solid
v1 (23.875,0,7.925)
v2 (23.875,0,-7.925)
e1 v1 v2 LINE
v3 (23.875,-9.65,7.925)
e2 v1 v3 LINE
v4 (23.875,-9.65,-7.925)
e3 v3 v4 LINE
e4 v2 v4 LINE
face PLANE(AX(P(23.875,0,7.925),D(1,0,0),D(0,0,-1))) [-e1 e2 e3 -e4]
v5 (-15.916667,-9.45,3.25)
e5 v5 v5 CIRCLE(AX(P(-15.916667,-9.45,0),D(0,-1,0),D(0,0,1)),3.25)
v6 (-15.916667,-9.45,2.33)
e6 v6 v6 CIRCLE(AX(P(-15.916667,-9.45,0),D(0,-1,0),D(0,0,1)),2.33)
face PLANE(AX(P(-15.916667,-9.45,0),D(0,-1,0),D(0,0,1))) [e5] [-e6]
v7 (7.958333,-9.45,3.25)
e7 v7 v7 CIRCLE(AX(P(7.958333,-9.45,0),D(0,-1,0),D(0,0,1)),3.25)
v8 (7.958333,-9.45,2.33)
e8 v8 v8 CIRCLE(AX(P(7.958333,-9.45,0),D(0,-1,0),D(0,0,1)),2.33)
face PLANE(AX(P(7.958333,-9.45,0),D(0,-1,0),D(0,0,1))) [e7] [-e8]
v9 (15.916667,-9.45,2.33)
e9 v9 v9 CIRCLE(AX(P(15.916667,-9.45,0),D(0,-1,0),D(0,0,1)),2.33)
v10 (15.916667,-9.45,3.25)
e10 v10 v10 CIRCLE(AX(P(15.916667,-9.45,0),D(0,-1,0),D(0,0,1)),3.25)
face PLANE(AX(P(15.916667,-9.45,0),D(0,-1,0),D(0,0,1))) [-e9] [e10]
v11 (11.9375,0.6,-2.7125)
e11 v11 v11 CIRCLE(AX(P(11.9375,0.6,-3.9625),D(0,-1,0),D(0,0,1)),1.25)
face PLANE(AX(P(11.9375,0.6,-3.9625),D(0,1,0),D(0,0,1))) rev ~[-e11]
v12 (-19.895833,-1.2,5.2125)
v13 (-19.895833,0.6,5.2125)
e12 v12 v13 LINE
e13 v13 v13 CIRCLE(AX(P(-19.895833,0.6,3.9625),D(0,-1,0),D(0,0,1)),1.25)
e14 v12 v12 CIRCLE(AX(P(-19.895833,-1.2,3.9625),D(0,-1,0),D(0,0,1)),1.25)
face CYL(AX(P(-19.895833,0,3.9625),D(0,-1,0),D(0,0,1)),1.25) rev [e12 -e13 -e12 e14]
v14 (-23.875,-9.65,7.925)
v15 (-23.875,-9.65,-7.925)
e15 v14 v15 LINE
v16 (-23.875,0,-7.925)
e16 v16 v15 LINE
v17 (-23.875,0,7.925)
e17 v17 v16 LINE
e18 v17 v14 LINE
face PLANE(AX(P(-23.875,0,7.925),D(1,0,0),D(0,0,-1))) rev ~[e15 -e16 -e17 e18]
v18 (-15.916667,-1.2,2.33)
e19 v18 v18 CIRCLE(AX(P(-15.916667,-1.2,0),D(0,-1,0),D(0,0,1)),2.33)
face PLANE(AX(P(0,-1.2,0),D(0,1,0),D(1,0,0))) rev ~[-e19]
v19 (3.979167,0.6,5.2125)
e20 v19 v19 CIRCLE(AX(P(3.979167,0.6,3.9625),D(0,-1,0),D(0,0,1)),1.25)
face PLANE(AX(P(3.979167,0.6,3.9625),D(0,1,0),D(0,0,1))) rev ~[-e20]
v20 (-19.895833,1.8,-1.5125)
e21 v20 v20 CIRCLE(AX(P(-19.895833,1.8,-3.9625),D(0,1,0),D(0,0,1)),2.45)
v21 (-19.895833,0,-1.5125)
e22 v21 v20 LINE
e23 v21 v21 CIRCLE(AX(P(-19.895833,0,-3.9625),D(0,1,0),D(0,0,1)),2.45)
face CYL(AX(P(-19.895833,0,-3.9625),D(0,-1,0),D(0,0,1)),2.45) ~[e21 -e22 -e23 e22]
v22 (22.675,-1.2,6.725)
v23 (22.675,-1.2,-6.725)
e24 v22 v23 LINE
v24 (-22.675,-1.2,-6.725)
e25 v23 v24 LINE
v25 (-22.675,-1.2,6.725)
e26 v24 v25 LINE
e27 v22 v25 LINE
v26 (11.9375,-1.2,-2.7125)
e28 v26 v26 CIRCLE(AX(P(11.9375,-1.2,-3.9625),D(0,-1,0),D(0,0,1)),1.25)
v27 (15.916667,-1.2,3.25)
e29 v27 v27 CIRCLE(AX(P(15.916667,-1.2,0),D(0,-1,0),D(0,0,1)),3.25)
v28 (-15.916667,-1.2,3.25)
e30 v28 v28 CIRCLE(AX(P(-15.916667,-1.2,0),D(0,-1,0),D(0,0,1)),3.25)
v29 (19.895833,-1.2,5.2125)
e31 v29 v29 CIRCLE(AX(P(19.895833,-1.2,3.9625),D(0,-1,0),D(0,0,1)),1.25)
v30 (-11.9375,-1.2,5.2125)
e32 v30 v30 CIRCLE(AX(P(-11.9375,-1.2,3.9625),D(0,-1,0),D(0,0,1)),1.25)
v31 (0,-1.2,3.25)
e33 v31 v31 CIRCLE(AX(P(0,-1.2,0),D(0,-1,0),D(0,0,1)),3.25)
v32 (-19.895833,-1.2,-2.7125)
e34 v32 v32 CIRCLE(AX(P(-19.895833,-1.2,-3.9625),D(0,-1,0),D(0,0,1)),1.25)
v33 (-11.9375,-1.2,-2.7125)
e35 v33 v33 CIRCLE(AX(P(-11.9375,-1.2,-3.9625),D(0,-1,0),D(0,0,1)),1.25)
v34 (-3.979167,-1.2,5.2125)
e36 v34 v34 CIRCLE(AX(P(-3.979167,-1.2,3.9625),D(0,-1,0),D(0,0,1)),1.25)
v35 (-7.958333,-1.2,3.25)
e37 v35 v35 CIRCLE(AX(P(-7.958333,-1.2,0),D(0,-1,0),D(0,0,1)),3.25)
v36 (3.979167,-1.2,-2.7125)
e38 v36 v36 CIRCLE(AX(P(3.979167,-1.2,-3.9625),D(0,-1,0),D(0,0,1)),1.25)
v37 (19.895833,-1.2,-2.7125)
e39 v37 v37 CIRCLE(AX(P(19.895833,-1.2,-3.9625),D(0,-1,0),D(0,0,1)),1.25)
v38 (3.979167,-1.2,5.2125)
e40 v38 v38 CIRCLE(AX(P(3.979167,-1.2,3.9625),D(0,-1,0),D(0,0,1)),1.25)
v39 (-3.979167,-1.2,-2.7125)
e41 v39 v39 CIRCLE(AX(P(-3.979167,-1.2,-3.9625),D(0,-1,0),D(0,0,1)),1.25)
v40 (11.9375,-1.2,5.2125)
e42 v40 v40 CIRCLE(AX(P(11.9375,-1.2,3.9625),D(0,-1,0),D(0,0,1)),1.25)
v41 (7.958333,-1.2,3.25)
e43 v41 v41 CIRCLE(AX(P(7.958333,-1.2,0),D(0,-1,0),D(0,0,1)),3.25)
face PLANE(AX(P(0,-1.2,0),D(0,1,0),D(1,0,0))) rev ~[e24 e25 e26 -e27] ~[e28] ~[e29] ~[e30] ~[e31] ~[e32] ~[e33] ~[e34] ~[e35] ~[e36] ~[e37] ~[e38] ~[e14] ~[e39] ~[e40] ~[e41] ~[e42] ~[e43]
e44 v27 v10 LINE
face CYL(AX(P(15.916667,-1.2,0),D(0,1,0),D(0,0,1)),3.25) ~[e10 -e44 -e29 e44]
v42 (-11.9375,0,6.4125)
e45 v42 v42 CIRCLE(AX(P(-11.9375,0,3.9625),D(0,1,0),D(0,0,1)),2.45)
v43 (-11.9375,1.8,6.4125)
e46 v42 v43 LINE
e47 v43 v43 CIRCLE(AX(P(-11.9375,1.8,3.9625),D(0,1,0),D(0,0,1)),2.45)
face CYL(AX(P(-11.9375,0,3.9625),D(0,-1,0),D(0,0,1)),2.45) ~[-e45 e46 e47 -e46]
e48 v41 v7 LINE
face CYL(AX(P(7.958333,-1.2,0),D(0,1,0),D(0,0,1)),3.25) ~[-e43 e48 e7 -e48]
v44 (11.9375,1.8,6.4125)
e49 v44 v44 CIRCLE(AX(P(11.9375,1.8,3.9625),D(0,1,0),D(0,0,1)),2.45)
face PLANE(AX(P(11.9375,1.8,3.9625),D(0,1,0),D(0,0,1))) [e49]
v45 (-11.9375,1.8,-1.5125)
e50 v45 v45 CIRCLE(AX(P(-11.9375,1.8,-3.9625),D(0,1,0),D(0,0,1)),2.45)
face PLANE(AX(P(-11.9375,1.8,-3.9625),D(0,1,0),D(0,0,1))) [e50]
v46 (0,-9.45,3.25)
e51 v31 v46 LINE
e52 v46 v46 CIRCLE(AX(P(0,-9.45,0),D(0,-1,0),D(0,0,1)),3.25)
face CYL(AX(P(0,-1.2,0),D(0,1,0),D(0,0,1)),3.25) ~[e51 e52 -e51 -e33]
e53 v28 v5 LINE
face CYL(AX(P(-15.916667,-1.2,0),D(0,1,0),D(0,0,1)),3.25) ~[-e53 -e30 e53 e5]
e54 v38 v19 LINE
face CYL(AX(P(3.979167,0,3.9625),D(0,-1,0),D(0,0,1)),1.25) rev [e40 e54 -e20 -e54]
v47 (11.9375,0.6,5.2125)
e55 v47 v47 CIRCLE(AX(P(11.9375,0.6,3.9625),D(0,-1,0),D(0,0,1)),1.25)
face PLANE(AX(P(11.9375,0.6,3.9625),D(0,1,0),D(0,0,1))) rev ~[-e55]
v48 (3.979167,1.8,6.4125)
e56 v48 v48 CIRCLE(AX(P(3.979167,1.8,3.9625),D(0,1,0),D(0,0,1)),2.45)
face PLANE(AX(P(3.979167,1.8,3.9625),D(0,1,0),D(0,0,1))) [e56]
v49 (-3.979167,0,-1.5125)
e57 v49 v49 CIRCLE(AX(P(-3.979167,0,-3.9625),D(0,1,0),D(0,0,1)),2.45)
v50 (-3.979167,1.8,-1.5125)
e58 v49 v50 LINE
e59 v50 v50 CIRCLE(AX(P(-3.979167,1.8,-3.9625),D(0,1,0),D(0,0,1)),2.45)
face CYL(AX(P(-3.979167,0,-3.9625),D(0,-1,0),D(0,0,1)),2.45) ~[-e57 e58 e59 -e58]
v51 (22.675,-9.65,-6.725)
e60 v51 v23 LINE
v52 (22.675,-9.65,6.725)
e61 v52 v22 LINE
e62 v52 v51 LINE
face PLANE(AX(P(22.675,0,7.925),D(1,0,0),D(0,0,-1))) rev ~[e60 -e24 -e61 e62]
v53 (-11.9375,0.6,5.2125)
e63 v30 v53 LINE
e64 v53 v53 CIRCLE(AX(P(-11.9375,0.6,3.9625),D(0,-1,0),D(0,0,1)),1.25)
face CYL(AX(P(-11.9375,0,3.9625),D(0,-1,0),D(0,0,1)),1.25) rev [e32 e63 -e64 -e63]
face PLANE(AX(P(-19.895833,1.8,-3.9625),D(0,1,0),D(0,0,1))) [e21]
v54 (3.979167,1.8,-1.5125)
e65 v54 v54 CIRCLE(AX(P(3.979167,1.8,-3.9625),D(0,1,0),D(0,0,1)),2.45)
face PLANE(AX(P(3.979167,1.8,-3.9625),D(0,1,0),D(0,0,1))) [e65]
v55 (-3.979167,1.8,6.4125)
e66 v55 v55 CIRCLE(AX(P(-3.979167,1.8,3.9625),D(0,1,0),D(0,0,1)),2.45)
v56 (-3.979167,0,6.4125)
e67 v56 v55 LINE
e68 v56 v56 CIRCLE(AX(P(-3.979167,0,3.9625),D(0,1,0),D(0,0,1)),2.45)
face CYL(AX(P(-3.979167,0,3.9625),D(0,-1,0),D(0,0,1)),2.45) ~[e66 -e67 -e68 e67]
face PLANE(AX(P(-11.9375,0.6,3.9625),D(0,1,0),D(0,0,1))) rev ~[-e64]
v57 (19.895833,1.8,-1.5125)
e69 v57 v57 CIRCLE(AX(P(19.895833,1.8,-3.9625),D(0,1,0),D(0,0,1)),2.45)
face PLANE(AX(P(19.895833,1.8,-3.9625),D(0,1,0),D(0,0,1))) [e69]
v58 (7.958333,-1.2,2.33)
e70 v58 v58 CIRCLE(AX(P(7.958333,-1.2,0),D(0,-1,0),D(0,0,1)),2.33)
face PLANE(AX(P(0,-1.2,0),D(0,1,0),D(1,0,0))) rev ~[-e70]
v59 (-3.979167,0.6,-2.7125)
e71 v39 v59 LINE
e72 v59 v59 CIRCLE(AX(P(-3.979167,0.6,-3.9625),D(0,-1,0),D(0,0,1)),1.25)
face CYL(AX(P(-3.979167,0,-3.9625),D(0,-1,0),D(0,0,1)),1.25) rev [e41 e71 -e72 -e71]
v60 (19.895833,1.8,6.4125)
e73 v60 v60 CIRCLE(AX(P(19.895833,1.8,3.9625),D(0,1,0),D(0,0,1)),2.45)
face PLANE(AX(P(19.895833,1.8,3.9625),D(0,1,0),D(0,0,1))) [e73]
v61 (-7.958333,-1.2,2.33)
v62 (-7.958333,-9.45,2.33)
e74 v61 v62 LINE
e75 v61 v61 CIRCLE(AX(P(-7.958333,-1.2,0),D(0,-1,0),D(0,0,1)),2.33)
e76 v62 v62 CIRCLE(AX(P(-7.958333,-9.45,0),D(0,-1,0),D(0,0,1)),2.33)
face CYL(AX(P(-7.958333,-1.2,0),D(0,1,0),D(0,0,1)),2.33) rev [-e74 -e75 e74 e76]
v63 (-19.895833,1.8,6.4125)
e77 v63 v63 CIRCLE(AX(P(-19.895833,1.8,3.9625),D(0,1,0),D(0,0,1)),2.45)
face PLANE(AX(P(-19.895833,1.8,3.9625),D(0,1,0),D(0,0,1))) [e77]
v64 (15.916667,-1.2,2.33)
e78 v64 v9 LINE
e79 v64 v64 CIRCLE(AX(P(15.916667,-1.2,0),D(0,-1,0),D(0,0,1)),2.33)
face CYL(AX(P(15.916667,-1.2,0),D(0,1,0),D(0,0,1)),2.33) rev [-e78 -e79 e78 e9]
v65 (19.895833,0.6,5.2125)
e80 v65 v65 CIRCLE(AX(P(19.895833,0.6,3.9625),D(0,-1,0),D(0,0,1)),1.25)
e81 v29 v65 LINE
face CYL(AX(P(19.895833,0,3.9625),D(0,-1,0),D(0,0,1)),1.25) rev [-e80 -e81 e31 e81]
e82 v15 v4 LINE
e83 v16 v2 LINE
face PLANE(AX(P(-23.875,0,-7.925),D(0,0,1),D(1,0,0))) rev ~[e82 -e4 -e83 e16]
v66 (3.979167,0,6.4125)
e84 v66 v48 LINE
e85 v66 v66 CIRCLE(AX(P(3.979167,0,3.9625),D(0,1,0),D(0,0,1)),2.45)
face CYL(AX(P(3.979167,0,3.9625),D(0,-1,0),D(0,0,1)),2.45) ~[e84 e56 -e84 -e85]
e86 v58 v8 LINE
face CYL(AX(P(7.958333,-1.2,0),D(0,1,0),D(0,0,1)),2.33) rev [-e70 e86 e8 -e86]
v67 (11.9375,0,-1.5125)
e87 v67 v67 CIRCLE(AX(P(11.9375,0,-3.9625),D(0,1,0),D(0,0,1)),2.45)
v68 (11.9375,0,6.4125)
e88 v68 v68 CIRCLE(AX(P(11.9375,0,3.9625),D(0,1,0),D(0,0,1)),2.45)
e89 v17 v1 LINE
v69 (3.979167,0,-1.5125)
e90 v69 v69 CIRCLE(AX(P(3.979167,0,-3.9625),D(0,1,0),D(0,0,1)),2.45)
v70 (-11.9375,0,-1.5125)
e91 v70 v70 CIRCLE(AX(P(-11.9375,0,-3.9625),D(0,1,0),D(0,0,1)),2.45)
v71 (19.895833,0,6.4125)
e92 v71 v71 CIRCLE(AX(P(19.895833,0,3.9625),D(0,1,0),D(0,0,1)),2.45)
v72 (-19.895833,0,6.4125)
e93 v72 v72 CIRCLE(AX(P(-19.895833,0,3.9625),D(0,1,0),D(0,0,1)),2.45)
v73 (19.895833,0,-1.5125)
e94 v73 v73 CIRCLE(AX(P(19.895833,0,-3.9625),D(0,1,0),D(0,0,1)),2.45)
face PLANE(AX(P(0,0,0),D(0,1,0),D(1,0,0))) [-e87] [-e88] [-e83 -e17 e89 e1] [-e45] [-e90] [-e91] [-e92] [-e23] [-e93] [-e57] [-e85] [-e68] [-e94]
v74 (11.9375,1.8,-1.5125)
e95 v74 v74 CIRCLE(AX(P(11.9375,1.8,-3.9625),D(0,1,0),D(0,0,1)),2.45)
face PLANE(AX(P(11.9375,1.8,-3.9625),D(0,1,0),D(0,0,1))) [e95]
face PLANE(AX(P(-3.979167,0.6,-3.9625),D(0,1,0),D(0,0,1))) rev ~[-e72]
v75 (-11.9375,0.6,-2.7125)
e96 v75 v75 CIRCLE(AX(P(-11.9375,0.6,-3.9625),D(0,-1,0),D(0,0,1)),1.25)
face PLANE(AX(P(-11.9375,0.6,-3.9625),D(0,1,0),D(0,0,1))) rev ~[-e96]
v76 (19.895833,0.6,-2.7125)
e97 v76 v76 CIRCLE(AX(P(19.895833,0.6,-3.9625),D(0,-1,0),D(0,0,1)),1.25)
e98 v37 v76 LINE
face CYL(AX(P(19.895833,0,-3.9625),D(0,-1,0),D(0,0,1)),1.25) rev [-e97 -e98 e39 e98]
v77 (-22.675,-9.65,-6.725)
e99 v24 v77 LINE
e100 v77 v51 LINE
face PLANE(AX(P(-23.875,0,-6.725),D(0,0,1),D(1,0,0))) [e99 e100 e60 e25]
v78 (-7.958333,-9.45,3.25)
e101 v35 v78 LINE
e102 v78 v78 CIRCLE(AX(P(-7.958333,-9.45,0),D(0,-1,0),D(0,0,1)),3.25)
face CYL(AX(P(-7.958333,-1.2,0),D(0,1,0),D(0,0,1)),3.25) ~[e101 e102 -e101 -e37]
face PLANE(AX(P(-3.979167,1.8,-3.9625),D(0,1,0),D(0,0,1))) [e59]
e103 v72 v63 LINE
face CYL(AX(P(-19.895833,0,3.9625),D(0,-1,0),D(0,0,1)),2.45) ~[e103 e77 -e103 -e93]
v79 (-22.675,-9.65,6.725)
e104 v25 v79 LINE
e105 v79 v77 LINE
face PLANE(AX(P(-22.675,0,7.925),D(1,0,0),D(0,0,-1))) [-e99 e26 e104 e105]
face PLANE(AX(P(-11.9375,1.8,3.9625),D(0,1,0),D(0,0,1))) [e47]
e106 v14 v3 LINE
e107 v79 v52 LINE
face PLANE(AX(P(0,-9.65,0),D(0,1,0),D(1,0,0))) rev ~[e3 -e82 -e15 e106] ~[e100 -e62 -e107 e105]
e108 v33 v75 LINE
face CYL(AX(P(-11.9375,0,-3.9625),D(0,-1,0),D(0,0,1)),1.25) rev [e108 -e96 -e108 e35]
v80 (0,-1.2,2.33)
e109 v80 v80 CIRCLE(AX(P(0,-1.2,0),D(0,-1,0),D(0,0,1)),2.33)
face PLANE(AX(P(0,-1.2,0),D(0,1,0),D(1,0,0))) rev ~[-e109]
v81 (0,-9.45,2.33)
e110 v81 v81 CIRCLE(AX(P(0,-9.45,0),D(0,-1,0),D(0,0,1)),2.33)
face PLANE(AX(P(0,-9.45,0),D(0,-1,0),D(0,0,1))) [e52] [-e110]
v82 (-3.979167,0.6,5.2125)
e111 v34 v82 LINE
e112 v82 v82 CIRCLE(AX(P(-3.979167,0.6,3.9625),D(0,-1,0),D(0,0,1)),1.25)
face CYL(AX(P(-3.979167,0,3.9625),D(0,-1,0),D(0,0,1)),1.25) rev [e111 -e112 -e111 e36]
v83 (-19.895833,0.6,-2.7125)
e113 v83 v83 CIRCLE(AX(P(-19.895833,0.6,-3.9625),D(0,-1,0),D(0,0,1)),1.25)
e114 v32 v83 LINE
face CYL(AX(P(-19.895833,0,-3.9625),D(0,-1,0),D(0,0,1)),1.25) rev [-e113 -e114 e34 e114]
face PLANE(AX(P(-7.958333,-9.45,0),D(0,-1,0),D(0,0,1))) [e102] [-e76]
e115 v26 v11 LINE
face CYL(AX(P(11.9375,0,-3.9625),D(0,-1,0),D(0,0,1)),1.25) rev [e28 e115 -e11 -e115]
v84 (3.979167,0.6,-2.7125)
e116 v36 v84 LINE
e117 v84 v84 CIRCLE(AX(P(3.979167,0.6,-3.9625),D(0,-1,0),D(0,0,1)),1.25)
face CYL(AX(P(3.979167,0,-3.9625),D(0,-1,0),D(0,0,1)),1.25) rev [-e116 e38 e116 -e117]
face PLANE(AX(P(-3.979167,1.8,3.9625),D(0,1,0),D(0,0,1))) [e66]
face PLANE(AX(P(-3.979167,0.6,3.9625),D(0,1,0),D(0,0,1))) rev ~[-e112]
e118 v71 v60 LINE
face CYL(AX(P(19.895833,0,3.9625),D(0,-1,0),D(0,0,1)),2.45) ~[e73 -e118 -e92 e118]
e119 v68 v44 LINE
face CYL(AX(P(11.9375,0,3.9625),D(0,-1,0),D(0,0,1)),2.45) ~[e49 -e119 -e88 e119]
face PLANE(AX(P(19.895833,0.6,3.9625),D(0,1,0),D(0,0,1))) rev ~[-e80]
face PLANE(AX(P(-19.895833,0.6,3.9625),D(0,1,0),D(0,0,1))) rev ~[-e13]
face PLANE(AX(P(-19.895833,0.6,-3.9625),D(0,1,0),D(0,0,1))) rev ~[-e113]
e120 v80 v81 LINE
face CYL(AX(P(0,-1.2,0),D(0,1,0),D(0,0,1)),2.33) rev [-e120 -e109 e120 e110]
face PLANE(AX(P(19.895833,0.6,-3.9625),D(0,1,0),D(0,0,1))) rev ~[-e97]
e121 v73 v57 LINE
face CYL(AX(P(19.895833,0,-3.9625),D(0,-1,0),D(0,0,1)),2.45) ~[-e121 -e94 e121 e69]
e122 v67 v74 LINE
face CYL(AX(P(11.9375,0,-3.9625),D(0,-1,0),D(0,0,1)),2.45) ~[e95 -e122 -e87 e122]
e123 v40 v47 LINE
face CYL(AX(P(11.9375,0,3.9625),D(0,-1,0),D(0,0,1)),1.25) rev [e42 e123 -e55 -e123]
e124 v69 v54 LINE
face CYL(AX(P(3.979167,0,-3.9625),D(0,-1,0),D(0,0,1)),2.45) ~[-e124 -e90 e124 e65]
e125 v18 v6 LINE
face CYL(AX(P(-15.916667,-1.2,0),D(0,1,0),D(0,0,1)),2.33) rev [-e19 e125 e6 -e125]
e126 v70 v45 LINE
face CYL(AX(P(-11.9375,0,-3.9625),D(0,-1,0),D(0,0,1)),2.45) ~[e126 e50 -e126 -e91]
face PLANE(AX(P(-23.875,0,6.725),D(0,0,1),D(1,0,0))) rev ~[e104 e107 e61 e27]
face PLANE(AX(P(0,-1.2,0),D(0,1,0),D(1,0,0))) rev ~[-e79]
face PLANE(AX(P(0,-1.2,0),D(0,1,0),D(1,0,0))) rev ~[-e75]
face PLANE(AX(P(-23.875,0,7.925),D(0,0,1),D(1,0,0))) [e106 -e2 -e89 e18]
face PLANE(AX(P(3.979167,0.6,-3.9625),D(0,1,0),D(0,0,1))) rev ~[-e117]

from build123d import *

# Parameters (mm, degrees)
SKETCH1_W           = 47.75
SKETCH1_H           = 15.85
BOSS_EXTRUDE1_DEPTH = 9.65
SKETCH2_R           = 2.45
BOSS_EXTRUDE2_DEPTH = 1.8
SHELL1_T            = -1.2
SKETCH3_R           = 3.25
SKETCH3_R_2         = 2.33
BOSS_EXTRUDE3_DEPTH = 8.25


with BuildPart() as part:
    # Sketch1 → Boss-Extrude1 (new body)
    with BuildSketch(Plane(origin=(0, 0, 0), x_dir=(1, 0, 0), z_dir=(0, 1, 0))):
        Rectangle(SKETCH1_W, SKETCH1_H)
    extrude(amount=-BOSS_EXTRUDE1_DEPTH)

    # Sketch2 → Boss-Extrude2 (add)
    with BuildSketch(Plane(origin=(0, 0, 0), x_dir=(1, 0, 0), z_dir=(0, 1, 0))):
        with Locations(Location((-19.895833333, 3.9625, 0), (0, 0, 270))):
            Circle(SKETCH2_R)
        with Locations(Location((-11.9375, 3.9625, 0), (0, 0, 270))):
            Circle(SKETCH2_R)
        with Locations(Location((-3.979166667, 3.9625, 0), (0, 0, 270))):
            Circle(SKETCH2_R)
        with Locations(Location((3.979166667, 3.9625, 0), (0, 0, 270))):
            Circle(SKETCH2_R)
        with Locations(Location((11.9375, 3.9625, 0), (0, 0, 270))):
            Circle(SKETCH2_R)
        with Locations(Location((19.895833333, 3.9625, 0), (0, 0, 270))):
            Circle(SKETCH2_R)
        with Locations(Location((-11.9375, -3.9625, 0), (0, 0, 270))):
            Circle(SKETCH2_R)
        with Locations(Location((-3.979166667, -3.9625, 0), (0, 0, 270))):
            Circle(SKETCH2_R)
        with Locations(Location((3.979166667, -3.9625, 0), (0, 0, 270))):
            Circle(SKETCH2_R)
        with Locations(Location((11.9375, -3.9625, 0), (0, 0, 270))):
            Circle(SKETCH2_R)
        with Locations(Location((19.895833333, -3.9625, 0), (0, 0, 270))):
            Circle(SKETCH2_R)
        with Locations(Location((-19.895833333, -3.9625, 0), (0, 0, 270))):
            Circle(SKETCH2_R)
    extrude(amount=BOSS_EXTRUDE2_DEPTH)

    # Shell1
    shell1_openings = [part.faces().sort_by_distance(p)[0] for p in [
        (0, -9.65, 0),
    ]]
    offset(amount=SHELL1_T, openings=shell1_openings, kind=Kind.INTERSECTION)

    # Sketch3 → Boss-Extrude3 (add)
    # profile 1 of 5: a face of its own
    with BuildSketch(Plane.XZ.offset(1.2)):
        with Locations(Location((-15.916666667, 0, 0), (0, 0, 90))):
            Circle(SKETCH3_R)
        with Locations(Location((-15.916666667, 0, 0), (0, 0, 90))):
            Circle(SKETCH3_R_2, mode=Mode.SUBTRACT)
    # profile 2 of 5: a face of its own
    with BuildSketch(Plane.XZ.offset(1.2)):
        with Locations(Location((-7.958333333, 0, 0), (0, 0, 90))):
            Circle(SKETCH3_R)
        with Locations(Location((-7.958333333, 0, 0), (0, 0, 90))):
            Circle(SKETCH3_R_2, mode=Mode.SUBTRACT)
    # profile 3 of 5: a face of its own
    with BuildSketch(Plane.XZ.offset(1.2)):
        with Locations(Location((0, 0, 0), (0, 0, 90))):
            Circle(SKETCH3_R)
        with Locations(Location((0, 0, 0), (0, 0, 90))):
            Circle(SKETCH3_R_2, mode=Mode.SUBTRACT)
    # profile 4 of 5: a face of its own
    with BuildSketch(Plane.XZ.offset(1.2)):
        with Locations(Location((7.958333333, 0, 0), (0, 0, 90))):
            Circle(SKETCH3_R)
        with Locations(Location((7.958333333, 0, 0), (0, 0, 90))):
            Circle(SKETCH3_R_2, mode=Mode.SUBTRACT)
    # profile 5 of 5: a face of its own
    with BuildSketch(Plane.XZ.offset(1.2)):
        with Locations(Location((15.916666667, 0, 0), (0, 0, 90))):
            Circle(SKETCH3_R)
        with Locations(Location((15.916666667, 0, 0), (0, 0, 90))):
            Circle(SKETCH3_R_2, mode=Mode.SUBTRACT)
    extrude(amount=BOSS_EXTRUDE3_DEPTH)


solid = part.part
